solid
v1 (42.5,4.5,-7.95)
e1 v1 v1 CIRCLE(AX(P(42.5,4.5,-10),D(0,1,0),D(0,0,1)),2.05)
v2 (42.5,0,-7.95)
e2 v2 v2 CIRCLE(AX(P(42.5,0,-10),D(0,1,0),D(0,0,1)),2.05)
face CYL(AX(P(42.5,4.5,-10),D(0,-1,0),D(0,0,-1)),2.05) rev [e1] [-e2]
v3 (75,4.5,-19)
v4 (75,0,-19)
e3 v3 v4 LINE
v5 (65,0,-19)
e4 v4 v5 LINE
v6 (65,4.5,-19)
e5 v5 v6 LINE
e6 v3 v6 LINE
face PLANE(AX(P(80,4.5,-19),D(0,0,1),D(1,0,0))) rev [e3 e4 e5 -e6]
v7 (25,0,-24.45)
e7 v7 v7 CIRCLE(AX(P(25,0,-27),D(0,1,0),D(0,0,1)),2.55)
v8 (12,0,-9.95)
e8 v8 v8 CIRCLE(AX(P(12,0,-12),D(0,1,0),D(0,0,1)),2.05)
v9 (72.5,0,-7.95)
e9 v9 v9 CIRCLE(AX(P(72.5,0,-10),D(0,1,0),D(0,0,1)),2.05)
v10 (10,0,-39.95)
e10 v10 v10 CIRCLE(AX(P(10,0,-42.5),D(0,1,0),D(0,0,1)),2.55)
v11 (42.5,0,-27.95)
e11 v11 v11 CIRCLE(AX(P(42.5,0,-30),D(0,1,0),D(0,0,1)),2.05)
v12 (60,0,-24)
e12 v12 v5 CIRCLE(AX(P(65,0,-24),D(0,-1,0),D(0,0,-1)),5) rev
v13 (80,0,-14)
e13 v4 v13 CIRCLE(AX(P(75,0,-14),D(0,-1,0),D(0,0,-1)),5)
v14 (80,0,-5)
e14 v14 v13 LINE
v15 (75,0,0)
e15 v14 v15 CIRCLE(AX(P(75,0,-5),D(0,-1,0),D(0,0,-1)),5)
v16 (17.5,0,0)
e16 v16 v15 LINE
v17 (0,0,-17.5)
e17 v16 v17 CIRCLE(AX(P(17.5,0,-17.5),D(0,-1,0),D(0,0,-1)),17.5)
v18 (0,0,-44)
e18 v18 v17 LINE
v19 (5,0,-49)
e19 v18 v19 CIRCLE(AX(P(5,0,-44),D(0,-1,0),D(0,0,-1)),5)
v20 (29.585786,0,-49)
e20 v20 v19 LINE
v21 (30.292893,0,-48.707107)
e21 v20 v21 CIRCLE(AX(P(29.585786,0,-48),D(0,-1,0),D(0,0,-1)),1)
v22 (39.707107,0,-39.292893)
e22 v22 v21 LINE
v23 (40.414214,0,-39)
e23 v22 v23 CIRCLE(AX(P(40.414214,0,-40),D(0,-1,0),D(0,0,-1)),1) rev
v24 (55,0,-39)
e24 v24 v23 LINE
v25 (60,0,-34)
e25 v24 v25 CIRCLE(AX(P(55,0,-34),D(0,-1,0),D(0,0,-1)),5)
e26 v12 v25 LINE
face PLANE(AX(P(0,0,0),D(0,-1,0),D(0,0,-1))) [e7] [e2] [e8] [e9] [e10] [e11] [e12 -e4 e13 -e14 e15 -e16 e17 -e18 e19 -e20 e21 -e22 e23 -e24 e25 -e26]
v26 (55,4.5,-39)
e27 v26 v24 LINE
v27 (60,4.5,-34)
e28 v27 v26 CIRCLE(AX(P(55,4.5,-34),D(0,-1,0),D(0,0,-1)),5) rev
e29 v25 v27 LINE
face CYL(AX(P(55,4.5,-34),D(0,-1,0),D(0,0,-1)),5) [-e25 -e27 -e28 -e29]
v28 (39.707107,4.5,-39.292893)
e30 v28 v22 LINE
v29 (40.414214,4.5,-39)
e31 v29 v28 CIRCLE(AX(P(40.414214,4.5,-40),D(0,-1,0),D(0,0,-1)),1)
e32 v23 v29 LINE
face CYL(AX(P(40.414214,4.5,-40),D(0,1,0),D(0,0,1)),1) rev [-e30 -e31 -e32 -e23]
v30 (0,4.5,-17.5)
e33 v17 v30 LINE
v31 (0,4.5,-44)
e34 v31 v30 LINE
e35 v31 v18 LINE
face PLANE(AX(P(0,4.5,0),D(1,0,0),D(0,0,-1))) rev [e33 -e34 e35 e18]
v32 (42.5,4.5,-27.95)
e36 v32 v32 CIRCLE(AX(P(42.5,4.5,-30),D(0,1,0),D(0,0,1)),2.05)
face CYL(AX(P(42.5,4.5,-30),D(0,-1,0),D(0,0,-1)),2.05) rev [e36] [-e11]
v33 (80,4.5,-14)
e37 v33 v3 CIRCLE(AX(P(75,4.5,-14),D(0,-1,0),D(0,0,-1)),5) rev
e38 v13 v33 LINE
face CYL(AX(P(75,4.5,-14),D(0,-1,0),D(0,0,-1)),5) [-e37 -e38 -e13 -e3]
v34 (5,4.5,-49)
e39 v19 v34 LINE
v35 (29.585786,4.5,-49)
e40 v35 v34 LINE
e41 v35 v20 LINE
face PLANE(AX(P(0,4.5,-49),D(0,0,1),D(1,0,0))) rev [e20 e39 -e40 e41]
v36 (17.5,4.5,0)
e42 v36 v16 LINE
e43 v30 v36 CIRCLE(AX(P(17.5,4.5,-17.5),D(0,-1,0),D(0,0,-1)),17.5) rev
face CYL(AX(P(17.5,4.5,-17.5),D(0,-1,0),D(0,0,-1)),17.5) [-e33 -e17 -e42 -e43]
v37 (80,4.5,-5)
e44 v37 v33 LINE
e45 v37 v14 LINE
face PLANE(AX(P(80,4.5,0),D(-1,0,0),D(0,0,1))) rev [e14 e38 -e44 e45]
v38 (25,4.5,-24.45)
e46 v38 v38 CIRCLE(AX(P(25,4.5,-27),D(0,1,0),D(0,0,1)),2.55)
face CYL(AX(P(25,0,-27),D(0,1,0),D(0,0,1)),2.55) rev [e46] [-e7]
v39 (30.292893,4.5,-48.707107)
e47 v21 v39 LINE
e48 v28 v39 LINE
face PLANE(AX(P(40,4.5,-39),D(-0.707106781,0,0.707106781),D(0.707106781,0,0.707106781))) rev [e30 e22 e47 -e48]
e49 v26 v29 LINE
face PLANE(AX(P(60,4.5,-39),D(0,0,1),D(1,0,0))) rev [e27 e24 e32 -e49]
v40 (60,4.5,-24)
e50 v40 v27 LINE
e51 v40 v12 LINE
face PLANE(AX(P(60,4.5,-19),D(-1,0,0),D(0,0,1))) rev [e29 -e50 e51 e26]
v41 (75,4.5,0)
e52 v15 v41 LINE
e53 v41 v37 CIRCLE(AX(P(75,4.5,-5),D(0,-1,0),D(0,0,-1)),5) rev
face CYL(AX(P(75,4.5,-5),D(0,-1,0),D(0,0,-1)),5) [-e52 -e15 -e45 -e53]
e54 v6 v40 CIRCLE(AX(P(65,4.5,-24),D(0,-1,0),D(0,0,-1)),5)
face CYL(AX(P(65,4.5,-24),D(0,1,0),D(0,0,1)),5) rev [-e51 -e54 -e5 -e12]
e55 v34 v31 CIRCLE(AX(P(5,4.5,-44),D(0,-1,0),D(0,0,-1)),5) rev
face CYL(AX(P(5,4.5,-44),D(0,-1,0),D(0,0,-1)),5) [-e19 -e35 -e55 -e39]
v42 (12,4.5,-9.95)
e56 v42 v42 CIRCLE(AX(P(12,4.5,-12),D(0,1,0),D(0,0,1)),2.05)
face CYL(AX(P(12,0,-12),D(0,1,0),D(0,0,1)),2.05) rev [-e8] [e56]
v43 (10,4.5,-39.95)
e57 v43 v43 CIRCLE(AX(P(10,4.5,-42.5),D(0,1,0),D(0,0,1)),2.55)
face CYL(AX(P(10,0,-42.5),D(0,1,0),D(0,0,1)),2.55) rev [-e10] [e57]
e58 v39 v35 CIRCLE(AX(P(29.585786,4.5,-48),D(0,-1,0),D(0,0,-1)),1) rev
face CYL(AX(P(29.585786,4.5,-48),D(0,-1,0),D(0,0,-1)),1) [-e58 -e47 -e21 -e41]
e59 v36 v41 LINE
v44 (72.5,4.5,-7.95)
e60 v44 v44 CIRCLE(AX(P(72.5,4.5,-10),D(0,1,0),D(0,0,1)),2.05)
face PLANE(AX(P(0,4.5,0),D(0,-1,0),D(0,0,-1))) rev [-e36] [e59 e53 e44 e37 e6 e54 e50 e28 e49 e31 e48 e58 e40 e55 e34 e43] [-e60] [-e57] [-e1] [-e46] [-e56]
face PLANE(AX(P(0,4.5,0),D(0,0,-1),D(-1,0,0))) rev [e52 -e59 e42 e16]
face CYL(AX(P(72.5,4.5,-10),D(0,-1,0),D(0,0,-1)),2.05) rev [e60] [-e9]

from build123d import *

# Parameters (mm, degrees)
SKETCH1_R           = 2.05
BOSS_EXTRUDE1_DEPTH = 4.5
SKETCH2_R           = 2.55
SKETCH2_R_2         = 2.05
CUT_EXTRUDE1_DEPTH  = 94.921509783
FILLET1_R           = 5
FILLET2_R           = 17.5
FILLET3_R           = 1


with BuildPart() as part:
    # Sketch1 → Boss-Extrude1 (new body)
    with BuildSketch(Plane(origin=(0, 0, 0), x_dir=(1, 0, 0), z_dir=(0, 1, 0))):
        Polygon((80, 19), (60, 19), (60, 39), (40, 39), (30, 49), (0, 49), (0, 0), (80, 0), align=None)
        with Locations(Location((72.5, 10, 0), (0, 0, 270))):
            Circle(SKETCH1_R, mode=Mode.SUBTRACT)
        with Locations(Location((42.5, 10, 0), (0, 0, 270))):
            Circle(SKETCH1_R, mode=Mode.SUBTRACT)
        with Locations(Location((42.5, 30, 0), (0, 0, 270))):
            Circle(SKETCH1_R, mode=Mode.SUBTRACT)
    extrude(amount=BOSS_EXTRUDE1_DEPTH)

    # Sketch2 → Cut-Extrude1 (cut, through all)
    with BuildSketch(Plane(origin=(0, 4.5, 0), x_dir=(1, 0, 0), z_dir=(0, 1, 0))):
        with Locations(Location((25, 27, 0), (0, 0, 270))):
            Circle(SKETCH2_R)
        with Locations(Location((10, 42.5, 0), (0, 0, 270))):
            Circle(SKETCH2_R)
        with Locations(Location((12, 12, 0), (0, 0, 270))):
            Circle(SKETCH2_R_2)
    extrude(amount=-CUT_EXTRUDE1_DEPTH, mode=Mode.SUBTRACT)

    # Fillet1
    fillet1_edges = [part.edges().sort_by_distance(p)[0] for p in [
        (0, 2.25, -49),
        (60, 2.25, -39),
        (60, 2.25, -19),
        (80, 2.25, -19),
        (80, 2.25, 0),
    ]]
    fillet(fillet1_edges, radius=FILLET1_R)

    # Fillet2
    fillet2_edges = [part.edges().sort_by_distance(p)[0] for p in [
        (0, 2.25, 0),
    ]]
    fillet(fillet2_edges, radius=FILLET2_R)

    # Fillet3
    fillet3_edges = [part.edges().sort_by_distance(p)[0] for p in [
        (30, 2.25, -49),
        (40, 2.25, -39),
    ]]
    fillet(fillet3_edges, radius=FILLET3_R)


solid = part.part
